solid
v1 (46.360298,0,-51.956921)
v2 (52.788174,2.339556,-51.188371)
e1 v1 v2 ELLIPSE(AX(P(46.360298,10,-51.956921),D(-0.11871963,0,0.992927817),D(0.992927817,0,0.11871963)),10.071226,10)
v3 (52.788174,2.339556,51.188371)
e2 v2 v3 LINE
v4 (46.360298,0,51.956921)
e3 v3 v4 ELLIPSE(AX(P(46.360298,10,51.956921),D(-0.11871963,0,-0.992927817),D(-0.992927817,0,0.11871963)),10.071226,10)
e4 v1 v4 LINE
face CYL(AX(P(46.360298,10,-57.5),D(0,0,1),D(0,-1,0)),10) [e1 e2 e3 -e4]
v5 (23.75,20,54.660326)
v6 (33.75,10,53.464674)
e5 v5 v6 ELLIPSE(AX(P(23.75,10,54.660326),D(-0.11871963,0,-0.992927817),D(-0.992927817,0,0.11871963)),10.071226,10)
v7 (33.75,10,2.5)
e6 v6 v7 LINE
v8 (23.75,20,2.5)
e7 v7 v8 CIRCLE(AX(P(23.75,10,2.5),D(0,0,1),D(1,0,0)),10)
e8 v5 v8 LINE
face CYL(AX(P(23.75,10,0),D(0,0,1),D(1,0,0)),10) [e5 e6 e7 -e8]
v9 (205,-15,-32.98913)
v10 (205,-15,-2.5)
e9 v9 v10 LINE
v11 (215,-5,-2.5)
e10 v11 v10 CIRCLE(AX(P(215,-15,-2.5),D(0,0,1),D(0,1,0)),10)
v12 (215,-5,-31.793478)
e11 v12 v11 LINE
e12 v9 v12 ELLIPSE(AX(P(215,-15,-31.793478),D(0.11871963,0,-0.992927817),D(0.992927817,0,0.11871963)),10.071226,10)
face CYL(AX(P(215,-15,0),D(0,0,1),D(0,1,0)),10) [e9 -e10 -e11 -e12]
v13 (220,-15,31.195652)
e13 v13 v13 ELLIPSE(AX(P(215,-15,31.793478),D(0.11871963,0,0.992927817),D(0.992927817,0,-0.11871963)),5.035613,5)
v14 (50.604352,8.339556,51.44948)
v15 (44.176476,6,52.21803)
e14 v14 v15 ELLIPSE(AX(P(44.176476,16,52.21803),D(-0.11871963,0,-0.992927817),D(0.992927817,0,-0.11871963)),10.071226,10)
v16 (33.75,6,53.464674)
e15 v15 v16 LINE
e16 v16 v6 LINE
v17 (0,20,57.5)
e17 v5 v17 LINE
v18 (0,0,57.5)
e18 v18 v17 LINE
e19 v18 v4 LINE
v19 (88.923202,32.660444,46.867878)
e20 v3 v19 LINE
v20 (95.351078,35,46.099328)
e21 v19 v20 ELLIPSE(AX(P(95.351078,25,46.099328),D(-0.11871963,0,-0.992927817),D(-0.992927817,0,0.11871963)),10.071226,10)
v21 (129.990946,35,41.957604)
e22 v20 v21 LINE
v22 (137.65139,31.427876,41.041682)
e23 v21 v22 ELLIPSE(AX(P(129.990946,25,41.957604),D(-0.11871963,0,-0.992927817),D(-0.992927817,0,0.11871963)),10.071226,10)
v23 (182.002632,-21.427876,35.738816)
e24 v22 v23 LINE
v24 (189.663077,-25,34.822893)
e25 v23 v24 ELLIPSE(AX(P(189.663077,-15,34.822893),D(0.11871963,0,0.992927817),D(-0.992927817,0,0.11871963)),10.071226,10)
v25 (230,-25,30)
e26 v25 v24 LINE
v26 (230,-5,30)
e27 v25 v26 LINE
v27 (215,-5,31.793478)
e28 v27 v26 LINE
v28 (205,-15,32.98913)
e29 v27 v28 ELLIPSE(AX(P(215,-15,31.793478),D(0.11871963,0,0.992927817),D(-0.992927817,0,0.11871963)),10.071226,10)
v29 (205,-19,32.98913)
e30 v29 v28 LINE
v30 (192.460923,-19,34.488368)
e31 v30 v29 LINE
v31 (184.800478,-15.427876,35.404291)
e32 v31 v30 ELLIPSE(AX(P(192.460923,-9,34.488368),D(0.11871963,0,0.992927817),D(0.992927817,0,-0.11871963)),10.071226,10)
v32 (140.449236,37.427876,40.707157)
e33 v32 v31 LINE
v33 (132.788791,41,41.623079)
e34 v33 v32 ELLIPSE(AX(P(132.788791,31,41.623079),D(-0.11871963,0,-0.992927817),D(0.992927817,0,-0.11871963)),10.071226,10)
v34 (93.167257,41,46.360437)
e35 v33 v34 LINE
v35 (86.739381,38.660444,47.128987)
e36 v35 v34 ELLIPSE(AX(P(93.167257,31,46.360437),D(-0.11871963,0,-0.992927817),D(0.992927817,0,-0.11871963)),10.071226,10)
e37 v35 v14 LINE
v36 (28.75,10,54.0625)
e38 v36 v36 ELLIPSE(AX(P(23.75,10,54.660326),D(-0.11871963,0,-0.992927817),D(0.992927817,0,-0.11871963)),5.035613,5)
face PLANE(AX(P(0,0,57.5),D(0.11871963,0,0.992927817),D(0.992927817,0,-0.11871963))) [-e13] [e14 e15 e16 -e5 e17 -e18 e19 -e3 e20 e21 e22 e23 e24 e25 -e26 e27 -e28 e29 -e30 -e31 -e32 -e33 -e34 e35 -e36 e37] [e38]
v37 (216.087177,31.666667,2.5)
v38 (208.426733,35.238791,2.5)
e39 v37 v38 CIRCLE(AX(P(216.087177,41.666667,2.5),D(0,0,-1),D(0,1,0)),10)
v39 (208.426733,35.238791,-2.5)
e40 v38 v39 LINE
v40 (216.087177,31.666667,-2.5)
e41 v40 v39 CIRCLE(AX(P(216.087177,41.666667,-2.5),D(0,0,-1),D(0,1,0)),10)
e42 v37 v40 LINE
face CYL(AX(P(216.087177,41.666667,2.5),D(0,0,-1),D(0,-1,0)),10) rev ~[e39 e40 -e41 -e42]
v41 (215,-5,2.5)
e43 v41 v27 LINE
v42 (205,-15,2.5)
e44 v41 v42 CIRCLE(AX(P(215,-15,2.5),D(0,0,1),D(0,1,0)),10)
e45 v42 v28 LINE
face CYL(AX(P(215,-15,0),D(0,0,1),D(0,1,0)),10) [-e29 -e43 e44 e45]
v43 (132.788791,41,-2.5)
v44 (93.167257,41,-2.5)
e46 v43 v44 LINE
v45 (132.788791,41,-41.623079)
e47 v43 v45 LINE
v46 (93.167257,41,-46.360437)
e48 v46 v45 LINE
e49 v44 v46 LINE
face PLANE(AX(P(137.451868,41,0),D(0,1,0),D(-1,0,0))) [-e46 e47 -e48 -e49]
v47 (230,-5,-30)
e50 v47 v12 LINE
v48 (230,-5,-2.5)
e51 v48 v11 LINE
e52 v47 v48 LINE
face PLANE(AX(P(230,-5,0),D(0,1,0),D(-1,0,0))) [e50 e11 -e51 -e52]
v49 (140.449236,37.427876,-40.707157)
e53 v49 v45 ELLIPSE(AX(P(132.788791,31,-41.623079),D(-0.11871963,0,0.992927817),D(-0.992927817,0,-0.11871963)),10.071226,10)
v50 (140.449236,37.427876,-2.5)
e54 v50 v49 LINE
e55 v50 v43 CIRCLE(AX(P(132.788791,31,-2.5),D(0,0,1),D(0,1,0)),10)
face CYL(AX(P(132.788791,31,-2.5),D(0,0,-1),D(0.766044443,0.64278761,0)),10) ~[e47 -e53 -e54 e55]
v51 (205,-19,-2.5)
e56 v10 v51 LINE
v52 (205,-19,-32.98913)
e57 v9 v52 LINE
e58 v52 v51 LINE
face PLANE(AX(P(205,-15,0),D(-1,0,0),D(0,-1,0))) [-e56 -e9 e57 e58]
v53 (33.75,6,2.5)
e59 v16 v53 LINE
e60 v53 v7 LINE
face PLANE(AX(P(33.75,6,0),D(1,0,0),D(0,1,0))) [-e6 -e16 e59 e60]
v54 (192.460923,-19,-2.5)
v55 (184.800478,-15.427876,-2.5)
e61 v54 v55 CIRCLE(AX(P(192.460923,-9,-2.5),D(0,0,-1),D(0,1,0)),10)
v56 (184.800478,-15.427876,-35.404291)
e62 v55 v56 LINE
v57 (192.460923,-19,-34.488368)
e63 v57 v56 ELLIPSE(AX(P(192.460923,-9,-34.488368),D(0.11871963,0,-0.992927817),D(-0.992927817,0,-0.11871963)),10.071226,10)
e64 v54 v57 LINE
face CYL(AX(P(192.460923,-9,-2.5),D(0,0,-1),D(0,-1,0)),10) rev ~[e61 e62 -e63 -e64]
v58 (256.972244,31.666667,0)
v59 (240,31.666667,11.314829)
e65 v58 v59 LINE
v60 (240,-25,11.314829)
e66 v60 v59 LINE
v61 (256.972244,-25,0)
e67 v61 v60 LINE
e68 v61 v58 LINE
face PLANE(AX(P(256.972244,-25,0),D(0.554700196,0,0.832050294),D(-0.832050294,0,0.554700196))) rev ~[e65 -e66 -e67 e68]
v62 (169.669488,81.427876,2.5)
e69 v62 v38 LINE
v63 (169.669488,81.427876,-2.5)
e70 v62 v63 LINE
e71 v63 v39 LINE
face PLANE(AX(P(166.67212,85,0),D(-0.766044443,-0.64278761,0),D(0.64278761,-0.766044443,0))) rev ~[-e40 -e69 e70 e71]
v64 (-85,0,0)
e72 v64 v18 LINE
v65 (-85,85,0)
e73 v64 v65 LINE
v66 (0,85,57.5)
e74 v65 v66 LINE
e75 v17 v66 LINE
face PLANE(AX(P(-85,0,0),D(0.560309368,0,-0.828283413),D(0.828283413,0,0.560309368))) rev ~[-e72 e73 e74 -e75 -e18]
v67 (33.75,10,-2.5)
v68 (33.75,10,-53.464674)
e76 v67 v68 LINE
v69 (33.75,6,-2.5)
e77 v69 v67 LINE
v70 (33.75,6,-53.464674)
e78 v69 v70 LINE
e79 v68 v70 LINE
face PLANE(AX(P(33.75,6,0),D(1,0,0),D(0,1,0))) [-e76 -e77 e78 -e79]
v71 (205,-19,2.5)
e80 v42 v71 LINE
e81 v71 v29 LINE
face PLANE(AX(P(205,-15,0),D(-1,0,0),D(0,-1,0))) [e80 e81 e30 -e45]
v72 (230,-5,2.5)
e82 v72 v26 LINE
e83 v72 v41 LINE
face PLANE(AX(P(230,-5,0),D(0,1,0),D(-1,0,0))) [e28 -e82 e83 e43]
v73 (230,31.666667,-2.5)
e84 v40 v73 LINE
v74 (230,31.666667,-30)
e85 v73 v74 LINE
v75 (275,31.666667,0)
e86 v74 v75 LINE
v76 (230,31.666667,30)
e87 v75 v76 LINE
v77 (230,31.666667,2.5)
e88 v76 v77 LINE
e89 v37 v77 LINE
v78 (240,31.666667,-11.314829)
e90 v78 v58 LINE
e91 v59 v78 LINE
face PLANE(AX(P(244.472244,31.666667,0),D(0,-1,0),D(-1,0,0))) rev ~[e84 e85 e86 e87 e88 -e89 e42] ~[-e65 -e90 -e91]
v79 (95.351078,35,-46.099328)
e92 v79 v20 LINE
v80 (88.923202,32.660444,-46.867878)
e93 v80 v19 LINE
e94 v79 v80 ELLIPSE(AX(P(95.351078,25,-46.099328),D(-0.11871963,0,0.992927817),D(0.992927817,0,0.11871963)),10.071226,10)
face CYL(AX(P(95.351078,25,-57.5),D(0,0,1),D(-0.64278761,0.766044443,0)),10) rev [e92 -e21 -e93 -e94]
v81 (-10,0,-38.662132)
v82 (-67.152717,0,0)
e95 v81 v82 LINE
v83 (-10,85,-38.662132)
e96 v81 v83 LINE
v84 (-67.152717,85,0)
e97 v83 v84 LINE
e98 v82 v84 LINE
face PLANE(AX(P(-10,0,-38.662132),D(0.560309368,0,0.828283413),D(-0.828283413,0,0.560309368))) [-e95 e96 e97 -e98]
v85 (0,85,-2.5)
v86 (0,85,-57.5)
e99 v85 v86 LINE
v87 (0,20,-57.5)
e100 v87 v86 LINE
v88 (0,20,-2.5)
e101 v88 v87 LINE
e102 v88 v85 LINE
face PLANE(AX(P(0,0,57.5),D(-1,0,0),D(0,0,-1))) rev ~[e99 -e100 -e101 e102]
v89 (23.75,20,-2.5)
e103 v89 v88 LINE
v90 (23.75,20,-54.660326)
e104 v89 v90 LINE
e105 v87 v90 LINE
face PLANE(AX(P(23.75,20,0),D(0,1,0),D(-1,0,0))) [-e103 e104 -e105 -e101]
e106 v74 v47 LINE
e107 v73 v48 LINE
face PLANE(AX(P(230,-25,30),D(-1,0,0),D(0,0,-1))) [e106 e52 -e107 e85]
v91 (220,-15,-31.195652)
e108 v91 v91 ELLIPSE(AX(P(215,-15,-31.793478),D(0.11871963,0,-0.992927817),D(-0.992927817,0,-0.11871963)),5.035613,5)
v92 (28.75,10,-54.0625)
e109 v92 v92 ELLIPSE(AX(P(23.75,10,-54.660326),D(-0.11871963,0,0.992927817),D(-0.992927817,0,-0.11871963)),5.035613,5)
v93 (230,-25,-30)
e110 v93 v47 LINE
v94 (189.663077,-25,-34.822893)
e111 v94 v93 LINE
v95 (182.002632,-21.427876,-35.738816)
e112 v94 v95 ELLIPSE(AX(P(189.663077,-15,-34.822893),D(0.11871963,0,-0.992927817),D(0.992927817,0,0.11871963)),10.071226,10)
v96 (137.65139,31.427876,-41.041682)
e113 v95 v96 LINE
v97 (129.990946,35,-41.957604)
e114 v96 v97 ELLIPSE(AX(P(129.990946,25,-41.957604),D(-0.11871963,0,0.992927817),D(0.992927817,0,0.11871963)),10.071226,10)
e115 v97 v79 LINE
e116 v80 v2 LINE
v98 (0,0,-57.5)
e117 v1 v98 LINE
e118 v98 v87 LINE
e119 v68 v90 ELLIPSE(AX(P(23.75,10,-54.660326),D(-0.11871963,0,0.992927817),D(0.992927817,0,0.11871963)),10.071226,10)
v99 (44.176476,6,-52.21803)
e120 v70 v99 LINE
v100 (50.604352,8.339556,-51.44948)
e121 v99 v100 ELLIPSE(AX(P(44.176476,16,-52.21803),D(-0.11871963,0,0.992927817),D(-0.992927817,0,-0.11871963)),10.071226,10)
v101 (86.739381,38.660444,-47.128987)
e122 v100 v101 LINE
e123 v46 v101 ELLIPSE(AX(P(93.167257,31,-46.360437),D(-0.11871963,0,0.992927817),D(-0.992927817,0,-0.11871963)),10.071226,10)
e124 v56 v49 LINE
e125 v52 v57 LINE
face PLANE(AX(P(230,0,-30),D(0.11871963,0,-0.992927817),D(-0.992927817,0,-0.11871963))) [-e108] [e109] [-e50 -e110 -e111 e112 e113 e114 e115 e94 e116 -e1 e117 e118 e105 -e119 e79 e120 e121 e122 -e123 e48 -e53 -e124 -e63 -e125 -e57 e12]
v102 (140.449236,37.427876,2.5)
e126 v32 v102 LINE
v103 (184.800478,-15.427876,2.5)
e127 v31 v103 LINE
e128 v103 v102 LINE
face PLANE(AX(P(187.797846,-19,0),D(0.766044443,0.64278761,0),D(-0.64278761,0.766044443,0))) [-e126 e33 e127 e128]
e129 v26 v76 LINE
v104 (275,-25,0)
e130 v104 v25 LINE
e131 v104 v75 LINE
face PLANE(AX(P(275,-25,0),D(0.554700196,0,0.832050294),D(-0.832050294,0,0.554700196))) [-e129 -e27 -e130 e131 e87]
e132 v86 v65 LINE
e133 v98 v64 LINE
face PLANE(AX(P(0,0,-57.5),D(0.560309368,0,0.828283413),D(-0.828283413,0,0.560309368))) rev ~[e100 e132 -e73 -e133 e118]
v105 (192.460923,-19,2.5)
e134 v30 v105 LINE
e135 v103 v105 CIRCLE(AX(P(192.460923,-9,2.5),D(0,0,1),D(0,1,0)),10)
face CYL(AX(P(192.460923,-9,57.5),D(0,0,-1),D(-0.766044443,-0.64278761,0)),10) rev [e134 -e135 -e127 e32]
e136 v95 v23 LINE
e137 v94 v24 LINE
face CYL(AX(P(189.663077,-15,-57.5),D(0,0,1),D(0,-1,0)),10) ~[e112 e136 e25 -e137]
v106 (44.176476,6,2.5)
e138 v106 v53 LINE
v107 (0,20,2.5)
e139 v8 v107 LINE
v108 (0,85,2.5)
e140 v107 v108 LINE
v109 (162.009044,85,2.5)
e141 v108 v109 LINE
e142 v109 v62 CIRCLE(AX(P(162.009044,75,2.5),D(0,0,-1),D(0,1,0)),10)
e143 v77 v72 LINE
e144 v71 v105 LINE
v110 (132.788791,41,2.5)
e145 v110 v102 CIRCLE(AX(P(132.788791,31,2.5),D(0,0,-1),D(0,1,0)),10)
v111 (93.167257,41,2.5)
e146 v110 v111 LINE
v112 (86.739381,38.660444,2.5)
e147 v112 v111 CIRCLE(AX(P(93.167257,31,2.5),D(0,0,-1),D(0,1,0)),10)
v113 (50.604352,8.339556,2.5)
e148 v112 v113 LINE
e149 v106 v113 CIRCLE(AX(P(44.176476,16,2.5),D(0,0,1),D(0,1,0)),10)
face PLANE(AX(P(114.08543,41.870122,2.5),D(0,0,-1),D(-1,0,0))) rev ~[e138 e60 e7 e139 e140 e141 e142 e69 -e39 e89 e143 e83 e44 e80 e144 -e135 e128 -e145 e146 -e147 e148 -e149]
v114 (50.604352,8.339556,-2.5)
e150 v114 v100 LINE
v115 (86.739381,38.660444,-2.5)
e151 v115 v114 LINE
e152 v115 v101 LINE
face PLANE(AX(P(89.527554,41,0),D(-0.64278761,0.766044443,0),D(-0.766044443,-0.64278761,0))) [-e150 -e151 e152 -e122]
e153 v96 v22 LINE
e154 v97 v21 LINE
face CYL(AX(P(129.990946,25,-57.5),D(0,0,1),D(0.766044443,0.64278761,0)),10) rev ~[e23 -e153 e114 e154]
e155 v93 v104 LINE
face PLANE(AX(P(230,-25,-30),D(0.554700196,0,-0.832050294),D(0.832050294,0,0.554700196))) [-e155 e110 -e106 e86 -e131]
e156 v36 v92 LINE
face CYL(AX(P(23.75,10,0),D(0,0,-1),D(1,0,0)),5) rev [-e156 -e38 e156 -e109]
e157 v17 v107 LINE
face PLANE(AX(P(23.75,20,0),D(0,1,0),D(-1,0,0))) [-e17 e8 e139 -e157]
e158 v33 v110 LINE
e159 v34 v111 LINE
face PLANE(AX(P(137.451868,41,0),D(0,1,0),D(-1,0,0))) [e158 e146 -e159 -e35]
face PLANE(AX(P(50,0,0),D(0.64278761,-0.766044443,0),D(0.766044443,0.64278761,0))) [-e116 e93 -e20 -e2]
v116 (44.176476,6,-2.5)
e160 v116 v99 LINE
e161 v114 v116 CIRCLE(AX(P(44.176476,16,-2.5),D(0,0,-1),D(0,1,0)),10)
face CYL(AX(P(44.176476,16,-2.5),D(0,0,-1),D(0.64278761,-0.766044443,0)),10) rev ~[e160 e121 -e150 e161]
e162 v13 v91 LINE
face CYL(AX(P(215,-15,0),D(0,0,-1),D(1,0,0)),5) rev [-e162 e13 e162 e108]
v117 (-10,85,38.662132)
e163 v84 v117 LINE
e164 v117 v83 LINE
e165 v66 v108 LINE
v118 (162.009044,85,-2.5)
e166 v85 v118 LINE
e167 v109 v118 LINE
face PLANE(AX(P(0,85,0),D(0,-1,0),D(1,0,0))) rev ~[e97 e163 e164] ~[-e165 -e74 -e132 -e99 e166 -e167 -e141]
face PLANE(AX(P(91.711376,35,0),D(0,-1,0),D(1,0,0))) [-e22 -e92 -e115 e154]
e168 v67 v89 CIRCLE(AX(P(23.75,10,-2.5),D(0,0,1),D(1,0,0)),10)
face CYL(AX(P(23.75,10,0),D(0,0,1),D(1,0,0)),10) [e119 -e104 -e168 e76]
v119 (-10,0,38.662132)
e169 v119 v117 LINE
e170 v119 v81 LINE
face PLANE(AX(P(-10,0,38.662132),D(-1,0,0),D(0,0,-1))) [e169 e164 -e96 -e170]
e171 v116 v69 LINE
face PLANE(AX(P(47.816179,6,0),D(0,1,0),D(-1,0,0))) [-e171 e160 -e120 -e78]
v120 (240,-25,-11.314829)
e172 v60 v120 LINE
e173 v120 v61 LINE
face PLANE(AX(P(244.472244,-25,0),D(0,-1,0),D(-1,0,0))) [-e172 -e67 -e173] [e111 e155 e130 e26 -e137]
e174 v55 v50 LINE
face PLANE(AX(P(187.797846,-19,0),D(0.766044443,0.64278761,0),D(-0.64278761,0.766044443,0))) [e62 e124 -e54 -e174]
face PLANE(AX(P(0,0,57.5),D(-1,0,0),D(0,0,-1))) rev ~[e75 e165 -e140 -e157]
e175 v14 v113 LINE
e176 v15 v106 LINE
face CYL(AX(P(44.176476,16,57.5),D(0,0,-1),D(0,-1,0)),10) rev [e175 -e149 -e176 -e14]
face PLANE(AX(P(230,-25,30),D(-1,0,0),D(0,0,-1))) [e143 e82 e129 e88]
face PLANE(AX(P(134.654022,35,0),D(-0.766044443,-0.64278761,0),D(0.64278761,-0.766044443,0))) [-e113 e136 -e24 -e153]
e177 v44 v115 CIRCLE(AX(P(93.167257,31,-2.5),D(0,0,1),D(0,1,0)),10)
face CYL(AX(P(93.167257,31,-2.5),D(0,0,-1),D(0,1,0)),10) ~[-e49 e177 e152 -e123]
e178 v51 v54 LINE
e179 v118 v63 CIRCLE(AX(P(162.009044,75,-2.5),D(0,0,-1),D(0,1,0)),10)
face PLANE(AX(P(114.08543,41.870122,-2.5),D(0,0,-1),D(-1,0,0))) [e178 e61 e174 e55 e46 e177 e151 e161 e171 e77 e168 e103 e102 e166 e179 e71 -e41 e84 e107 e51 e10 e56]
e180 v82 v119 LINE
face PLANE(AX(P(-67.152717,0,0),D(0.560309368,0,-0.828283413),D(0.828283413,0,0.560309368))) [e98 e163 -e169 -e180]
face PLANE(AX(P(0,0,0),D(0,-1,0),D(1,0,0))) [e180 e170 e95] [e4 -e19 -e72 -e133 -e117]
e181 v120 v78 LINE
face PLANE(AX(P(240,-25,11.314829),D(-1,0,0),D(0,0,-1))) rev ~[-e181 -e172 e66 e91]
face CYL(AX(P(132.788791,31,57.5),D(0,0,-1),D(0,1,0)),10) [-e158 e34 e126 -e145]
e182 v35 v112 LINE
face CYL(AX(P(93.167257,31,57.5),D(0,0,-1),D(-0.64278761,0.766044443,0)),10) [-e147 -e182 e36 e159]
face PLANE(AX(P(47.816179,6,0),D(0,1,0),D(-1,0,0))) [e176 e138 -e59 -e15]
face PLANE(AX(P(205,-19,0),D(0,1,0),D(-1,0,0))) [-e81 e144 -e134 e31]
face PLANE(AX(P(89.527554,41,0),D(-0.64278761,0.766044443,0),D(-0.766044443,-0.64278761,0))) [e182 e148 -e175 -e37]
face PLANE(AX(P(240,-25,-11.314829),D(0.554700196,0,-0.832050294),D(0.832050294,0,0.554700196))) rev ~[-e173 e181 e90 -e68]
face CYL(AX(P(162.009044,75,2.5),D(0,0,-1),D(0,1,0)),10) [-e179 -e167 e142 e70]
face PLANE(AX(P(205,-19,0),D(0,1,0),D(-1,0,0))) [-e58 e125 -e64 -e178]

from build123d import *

# Parameters (mm, degrees)
BOSS_EXTRUDE1_DEPTH     = 85
SKETCH3_R               = 5
BOSS_EXTRUDE2_DEPTH     = 57.5
BOSS_EXTRUDE3_START     = -25
BOSS_EXTRUDE3_DEPTH     = 56.666666667
BOSS_EXTRUDE4_DEPTH     = 2.5
FILLET2_R               = 10
CUT_EXTRUDE1_DEPTH      = 86
CUT_EXTRUDE1_DEPTH_BACK = 26


with BuildPart() as part:
    # Sketch2 → Boss-Extrude1 (new body)
    with BuildSketch(Plane(origin=(0, 0, 0), x_dir=(1, 0, 0), z_dir=(0, 1, 0))):
        Polygon((0, -57.5), (0, 57.5), (-85, 0), align=None)
        Polygon((-10, 38.662131911), (-67.152716738, 0), (-10, -38.662131911), align=None, mode=Mode.SUBTRACT)
    extrude(amount=BOSS_EXTRUDE1_DEPTH)

    # Sketch3 → Boss-Extrude2 (add, symmetric)
    with BuildSketch(Plane.XY):
        with BuildLine():
            Line((0, 0), (50, 0))
            Line((50, 0), (91.711375741, 35))
            Line((91.711375741, 35), (134.654022129, 35))
            Line((134.654022129, 35), (185, -25))
            Line((185, -25), (230, -25))
            Line((230, -25), (230, -19))
            Line((230, -19), (230, -5))
            Line((230, -5), (215, -5))
            ThreePointArc((215, -5), (207.928932188, -7.928932188), (205, -15))
            Line((205, -15), (205, -19))
            Line((205, -19), (187.797845949, -19))
            Line((187.797845949, -19), (137.451868078, 41))
            Line((137.451868078, 41), (89.527554335, 41))
            Line((89.527554335, 41), (47.816178594, 6))
            Line((47.816178594, 6), (33.75, 6))
            Line((33.75, 6), (33.75, 10))
            ThreePointArc((33.75, 10), (30.821067812, 17.071067812), (23.75, 20))
            Line((23.75, 20), (0, 20))
            Line((0, 20), (0, 0))
        make_face()
        with Locations((23.75, 10)):
            Circle(SKETCH3_R, mode=Mode.SUBTRACT)
        with Locations((215, -15)):
            Circle(SKETCH3_R, mode=Mode.SUBTRACT)
    extrude(amount=BOSS_EXTRUDE2_DEPTH, both=True)

    # Sketch4 → Boss-Extrude3 (add)
    with BuildSketch(Plane(origin=(0, 0, 0), x_dir=(1, 0, 0), z_dir=(0, 1, 0)).offset(BOSS_EXTRUDE3_START)):
        Polygon((230, -30), (230, 30), (275, 0), align=None)
        Polygon((240, 11.314829082), (256.972243623, 0), (240, -11.314829082), align=None, mode=Mode.SUBTRACT)
    extrude(amount=BOSS_EXTRUDE3_DEPTH)

    # Sketch5 → Boss-Extrude4 (add, symmetric)
    with BuildSketch(Plane.XY):
        with BuildLine():
            Line((0, 85), (166.672120299, 85))
            Line((166.672120299, 85), (211.424100629, 31.666666667))
            Line((211.424100629, 31.666666667), (230, 31.666666667))
            Line((230, 31.666666667), (230, -5))
            Line((230, -5), (215, -5))
            ThreePointArc((215, -5), (207.928932188, -7.928932188), (205, -15))
            Line((205, -15), (205, -19))
            Line((205, -19), (187.797845949, -19))
            Line((187.797845949, -19), (137.451868078, 41))
            Line((137.451868078, 41), (89.527554335, 41))
            Line((89.527554335, 41), (47.816178594, 6))
            Line((47.816178594, 6), (33.75, 6))
            Line((33.75, 6), (33.75, 10))
            ThreePointArc((33.75, 10), (30.821067812, 17.071067812), (23.75, 20))
            Line((23.75, 20), (0, 20))
            Line((0, 20), (0, 85))
        make_face()
    extrude(amount=BOSS_EXTRUDE4_DEPTH, both=True)

    # Fillet2
    fillet2_edges = [part.edges().sort_by_distance(p)[0] for p in [
        (211.424100629, 31.666666667, 0),
        (166.672120299, 85, 0),
        (50, 0, 0),
        (91.711375741, 35, 0),
        (134.654022129, 35, 0),
        (185, -25, 0),
        (187.797845949, -19, 30),
        (137.451868078, 41, 30),
        (89.527554335, 41, 30),
        (47.816178594, 6, 30),
        (47.816178594, 6, -30),
        (89.527554335, 41, -30),
        (137.451868078, 41, -30),
        (187.797845949, -19, -30),
    ]]
    fillet(fillet2_edges, radius=FILLET2_R)

    # Sketch6 → Cut-Extrude1 (cut, two sides)
    with BuildSketch(Plane(origin=(0, 0, 0), x_dir=(1, 0, 0), z_dir=(0, 1, 0))) as cut_extrude1_sk:
        Polygon((0, 57.5), (230, 57.5), (230, 30), align=None)
        Polygon((0, -57.5), (230, -30), (230, -57.5), align=None)
    extrude(amount=CUT_EXTRUDE1_DEPTH, mode=Mode.SUBTRACT)
    extrude(cut_extrude1_sk.sketch, amount=-CUT_EXTRUDE1_DEPTH_BACK, mode=Mode.SUBTRACT)


solid = part.part
